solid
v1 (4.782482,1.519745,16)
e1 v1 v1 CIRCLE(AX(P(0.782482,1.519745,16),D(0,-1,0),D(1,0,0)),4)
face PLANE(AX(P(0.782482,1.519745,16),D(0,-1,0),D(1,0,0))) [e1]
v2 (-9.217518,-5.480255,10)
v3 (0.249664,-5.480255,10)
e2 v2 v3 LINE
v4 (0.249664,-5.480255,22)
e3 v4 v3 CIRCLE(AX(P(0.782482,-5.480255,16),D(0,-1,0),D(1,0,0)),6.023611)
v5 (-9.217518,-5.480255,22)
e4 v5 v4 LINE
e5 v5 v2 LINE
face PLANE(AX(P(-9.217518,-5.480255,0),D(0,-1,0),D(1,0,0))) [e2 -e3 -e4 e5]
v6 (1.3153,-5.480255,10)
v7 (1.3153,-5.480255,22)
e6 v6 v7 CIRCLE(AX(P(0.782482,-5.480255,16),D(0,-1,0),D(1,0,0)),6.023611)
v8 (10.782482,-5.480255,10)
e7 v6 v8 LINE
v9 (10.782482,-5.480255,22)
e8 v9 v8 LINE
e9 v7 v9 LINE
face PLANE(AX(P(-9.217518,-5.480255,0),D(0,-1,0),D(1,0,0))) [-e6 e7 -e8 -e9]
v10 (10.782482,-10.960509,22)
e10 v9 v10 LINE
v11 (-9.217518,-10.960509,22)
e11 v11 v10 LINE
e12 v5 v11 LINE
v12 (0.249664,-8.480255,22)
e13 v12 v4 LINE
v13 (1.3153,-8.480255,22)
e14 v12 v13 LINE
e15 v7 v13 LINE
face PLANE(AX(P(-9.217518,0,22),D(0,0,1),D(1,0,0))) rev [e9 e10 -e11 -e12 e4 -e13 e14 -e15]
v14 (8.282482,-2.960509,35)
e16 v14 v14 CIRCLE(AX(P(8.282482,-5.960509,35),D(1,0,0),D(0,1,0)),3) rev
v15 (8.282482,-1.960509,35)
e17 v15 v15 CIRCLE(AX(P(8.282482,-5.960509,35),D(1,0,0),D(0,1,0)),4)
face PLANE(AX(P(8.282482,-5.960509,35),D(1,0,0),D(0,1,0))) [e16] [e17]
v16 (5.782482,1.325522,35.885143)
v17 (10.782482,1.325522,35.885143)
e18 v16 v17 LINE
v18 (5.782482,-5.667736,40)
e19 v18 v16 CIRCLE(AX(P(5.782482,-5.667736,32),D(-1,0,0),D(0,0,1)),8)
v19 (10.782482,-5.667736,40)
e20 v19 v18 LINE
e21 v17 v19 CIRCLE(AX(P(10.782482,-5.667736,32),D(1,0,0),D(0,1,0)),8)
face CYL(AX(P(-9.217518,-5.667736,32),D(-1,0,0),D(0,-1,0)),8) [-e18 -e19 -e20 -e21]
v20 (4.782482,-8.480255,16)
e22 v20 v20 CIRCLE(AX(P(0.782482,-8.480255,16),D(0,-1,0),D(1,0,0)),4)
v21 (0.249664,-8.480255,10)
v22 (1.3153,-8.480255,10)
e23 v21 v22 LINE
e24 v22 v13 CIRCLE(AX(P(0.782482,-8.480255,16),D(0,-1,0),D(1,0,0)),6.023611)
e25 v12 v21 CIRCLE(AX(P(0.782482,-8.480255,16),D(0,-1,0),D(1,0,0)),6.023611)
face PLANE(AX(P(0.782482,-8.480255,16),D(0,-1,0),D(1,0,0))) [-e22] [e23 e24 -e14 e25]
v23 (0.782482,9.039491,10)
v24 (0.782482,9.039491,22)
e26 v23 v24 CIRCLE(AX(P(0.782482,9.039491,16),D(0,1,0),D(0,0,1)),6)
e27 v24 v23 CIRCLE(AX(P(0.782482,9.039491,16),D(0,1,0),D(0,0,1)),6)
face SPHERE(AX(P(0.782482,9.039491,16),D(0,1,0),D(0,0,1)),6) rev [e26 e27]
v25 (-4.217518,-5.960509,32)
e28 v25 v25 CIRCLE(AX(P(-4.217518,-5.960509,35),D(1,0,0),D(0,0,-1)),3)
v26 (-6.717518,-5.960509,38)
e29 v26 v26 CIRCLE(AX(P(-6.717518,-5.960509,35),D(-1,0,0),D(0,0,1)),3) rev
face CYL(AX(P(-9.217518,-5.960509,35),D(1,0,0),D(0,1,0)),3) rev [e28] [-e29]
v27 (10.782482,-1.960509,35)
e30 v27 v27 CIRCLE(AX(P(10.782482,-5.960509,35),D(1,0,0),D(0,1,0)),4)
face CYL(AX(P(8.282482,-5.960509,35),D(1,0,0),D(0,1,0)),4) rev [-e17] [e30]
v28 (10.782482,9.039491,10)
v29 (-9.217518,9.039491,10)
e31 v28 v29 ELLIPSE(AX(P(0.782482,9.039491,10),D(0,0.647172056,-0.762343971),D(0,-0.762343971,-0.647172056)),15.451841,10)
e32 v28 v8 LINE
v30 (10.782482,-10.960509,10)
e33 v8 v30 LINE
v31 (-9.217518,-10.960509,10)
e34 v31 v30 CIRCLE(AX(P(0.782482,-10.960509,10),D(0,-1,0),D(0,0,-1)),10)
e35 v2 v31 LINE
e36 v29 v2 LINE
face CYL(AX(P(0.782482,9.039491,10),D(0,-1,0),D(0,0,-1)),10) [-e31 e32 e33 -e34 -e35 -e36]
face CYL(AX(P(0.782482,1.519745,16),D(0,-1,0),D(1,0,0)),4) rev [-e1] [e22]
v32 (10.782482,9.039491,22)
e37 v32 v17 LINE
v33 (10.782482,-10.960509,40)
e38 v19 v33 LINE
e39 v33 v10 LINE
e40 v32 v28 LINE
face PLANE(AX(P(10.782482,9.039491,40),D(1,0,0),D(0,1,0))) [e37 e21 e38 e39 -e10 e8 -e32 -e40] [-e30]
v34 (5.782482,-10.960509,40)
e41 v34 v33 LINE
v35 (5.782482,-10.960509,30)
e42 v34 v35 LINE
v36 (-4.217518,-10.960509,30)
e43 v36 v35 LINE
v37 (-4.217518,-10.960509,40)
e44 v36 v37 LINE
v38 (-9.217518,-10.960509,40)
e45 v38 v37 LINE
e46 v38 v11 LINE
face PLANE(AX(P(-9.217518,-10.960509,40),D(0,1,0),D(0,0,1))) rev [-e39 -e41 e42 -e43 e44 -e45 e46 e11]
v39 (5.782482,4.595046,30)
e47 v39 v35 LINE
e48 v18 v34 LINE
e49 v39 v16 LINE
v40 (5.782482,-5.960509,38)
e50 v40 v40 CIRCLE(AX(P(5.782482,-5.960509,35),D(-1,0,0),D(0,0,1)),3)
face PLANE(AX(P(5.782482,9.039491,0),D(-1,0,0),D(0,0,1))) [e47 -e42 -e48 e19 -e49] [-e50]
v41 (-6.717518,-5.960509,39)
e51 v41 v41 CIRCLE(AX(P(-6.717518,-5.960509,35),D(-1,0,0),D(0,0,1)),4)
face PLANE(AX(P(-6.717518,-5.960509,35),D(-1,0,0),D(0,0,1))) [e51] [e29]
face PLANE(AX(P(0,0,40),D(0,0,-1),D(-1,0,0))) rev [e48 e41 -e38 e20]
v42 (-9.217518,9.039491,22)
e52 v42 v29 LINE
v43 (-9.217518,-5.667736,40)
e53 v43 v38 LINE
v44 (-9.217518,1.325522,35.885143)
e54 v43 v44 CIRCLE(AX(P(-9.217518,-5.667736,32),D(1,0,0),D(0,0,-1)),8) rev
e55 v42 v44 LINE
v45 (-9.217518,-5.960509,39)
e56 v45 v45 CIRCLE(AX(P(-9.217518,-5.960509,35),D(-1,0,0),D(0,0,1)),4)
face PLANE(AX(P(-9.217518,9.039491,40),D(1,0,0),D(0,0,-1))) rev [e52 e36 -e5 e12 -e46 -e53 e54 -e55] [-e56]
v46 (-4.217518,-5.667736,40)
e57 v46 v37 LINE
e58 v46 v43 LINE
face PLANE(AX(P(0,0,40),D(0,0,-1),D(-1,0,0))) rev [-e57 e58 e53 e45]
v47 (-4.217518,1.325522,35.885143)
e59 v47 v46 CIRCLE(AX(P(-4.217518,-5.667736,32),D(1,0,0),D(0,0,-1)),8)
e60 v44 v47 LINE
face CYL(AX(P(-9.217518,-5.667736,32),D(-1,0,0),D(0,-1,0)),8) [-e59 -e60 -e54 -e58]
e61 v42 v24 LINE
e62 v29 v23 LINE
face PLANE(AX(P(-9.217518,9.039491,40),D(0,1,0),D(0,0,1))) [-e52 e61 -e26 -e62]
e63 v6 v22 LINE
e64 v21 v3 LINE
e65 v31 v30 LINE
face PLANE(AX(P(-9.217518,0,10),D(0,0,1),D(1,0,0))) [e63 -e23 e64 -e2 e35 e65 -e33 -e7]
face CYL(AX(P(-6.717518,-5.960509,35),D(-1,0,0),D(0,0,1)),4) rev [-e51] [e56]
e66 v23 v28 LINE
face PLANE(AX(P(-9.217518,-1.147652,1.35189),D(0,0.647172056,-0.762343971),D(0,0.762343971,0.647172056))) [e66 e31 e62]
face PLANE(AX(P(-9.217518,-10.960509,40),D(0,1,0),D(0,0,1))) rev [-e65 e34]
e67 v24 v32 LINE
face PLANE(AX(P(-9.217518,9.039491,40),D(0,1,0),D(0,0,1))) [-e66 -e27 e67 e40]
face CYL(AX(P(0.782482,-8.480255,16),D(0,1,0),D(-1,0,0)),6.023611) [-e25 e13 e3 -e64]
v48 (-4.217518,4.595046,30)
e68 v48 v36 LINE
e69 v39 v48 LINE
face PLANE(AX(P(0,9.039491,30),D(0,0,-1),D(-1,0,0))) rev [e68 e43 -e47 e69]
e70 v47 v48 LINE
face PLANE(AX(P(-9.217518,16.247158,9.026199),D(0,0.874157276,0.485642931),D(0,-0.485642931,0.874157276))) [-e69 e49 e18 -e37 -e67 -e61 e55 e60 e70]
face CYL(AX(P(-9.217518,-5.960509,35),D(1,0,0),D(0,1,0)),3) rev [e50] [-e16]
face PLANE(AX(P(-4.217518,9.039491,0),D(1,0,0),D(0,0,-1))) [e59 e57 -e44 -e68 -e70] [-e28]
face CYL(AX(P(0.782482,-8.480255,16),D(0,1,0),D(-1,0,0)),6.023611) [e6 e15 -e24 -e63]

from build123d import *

# Parameters (mm, degrees)
SKETCH5_W           = 20
SKETCH5_H           = 20
BOSS_EXTRUDE1_DEPTH = 40
SKETCH7_W           = 12
SKETCH7_H           = 5.480254557
CUT_EXTRUDE3_DEPTH  = 20
SKETCH8_W           = 10
SKETCH8_H           = 10
CUT_EXTRUDE5_DEPTH  = 20
SKETCH12_R          = 3
CUT_EXTRUDE9_DEPTH  = 20
SKETCH16_R          = 4
CUT_EXTRUDE10_DEPTH = 2.5
CUT_EXTRUDE11_START = -2.5
SKETCH17_R          = 4
CUT_EXTRUDE11_DEPTH = 2.5
FILLET8_R           = 8
SKETCH18_R          = 6.023611462
BOSS_EXTRUDE2_DEPTH = 3
SKETCH19_R          = 4
CUT_EXTRUDE12_DEPTH = 10


with BuildPart() as part:
    # Sketch5 → Boss-Extrude1 (new body)
    with BuildSketch(Plane.XY):
        with Locations((0.782482396, -0.960509114)):
            Rectangle(SKETCH5_W, SKETCH5_H)
    extrude(amount=BOSS_EXTRUDE1_DEPTH)

    # Sketch7 → Cut-Extrude3 (cut)
    with BuildSketch(Plane(origin=(10.782482396, 0, 0), x_dir=(0, 0, -1), z_dir=(1, 0, 0))):
        Polygon((-40, 9.039490886), (-40, -0.960509114), (-22, 9.039490886), align=None)
        with Locations((-16, -8.220381835)):
            Rectangle(SKETCH7_W, SKETCH7_H)
        Polygon((-10, 9.039490886), (0, -2.740127279), (0, 9.039490886), align=None)
    extrude(amount=-CUT_EXTRUDE3_DEPTH, mode=Mode.SUBTRACT)

    # Sketch8 → Cut-Extrude5 (cut)
    with BuildSketch(Plane.XZ.offset(10.960509114)):
        with BuildLine():
            Line((-9.217517604, 0), (0.78248238, 0))
            ThreePointArc((0.78248238, 0), (-6.288585421, 2.928932194), (-9.217517604, 10))
            Line((-9.217517604, 10), (-9.217517604, 0))
        make_face()
        with BuildLine():
            Line((10.782482396, 0), (10.782482396, 10))
            ThreePointArc((10.782482396, 10), (7.853550202, 2.928932182), (0.78248238, 0))
            Line((0.78248238, 0), (10.782482396, 0))
        make_face()
        with Locations((0.782482396, 35)):
            Rectangle(SKETCH8_W, SKETCH8_H)
    extrude(amount=-CUT_EXTRUDE5_DEPTH, mode=Mode.SUBTRACT)

    # Sketch10 → Cut-Revolve2 (revolve, cut)
    with BuildSketch(Plane(origin=(0, 9.039490886, 0), x_dir=(1, 0, 0), z_dir=(0, 1, 0))):
        with BuildLine():
            Line((-5.217517604, -16), (6.782482396, -16))
            ThreePointArc((6.782482396, -16), (0.782482396, -22), (-5.217517604, -16))
        make_face()
    revolve(axis=Axis((-5.217517604, 9.039490886, 16), (1, 0, 0)), mode=Mode.SUBTRACT)

    # Sketch12 → Cut-Extrude9 (cut)
    with BuildSketch(Plane(origin=(10.782482396, 0, 0), x_dir=(0, 0, -1), z_dir=(1, 0, 0))):
        with Locations(Location((-35, -5.960509114, 0), (0, 0, 90))):
            Circle(SKETCH12_R)
    extrude(amount=-CUT_EXTRUDE9_DEPTH, mode=Mode.SUBTRACT)

    # Sketch16 → Cut-Extrude10 (cut)
    with BuildSketch(Plane(origin=(10.782482396, 0, 0), x_dir=(0, 0, -1), z_dir=(1, 0, 0))):
        with Locations(Location((-35, -5.960509114, 0), (0, 0, 90))):
            Circle(SKETCH16_R)
    extrude(amount=-CUT_EXTRUDE10_DEPTH, mode=Mode.SUBTRACT)

    # Sketch17 → Cut-Extrude11 (cut)
    with BuildSketch(Plane.ZY.offset(9.217517604).offset(CUT_EXTRUDE11_START)):
        with Locations(Location((35, -5.960509114, 0), (0, 0, 90))):
            Circle(SKETCH17_R)
    extrude(amount=CUT_EXTRUDE11_DEPTH, mode=Mode.SUBTRACT)

    # Fillet8
    fillet8_edges = [part.edges().sort_by_distance(p)[0] for p in [
        (-6.717517604, -0.960509114, 40),
        (8.282482396, -0.960509114, 40),
    ]]
    fillet(fillet8_edges, radius=FILLET8_R)

    # Sketch18 → Boss-Extrude2 (add)
    with BuildSketch(Plane(origin=(0, -5.480254557, 0), x_dir=(-1, 0, 0), z_dir=(0, -1, 0))):
        with Locations((-0.782482396, -16)):
            Circle(SKETCH18_R)
    extrude(amount=BOSS_EXTRUDE2_DEPTH)

    # Sketch19 → Cut-Extrude12 (cut)
    with BuildSketch(Plane(origin=(0, -8.480254557, 0), x_dir=(-1, 0, 0), z_dir=(0, -1, 0))):
        with Locations(Location((-0.782482396, -16, 0), (0, 0, 180))):
            Circle(SKETCH19_R)
    extrude(amount=-CUT_EXTRUDE12_DEPTH, mode=Mode.SUBTRACT)


solid = part.part
